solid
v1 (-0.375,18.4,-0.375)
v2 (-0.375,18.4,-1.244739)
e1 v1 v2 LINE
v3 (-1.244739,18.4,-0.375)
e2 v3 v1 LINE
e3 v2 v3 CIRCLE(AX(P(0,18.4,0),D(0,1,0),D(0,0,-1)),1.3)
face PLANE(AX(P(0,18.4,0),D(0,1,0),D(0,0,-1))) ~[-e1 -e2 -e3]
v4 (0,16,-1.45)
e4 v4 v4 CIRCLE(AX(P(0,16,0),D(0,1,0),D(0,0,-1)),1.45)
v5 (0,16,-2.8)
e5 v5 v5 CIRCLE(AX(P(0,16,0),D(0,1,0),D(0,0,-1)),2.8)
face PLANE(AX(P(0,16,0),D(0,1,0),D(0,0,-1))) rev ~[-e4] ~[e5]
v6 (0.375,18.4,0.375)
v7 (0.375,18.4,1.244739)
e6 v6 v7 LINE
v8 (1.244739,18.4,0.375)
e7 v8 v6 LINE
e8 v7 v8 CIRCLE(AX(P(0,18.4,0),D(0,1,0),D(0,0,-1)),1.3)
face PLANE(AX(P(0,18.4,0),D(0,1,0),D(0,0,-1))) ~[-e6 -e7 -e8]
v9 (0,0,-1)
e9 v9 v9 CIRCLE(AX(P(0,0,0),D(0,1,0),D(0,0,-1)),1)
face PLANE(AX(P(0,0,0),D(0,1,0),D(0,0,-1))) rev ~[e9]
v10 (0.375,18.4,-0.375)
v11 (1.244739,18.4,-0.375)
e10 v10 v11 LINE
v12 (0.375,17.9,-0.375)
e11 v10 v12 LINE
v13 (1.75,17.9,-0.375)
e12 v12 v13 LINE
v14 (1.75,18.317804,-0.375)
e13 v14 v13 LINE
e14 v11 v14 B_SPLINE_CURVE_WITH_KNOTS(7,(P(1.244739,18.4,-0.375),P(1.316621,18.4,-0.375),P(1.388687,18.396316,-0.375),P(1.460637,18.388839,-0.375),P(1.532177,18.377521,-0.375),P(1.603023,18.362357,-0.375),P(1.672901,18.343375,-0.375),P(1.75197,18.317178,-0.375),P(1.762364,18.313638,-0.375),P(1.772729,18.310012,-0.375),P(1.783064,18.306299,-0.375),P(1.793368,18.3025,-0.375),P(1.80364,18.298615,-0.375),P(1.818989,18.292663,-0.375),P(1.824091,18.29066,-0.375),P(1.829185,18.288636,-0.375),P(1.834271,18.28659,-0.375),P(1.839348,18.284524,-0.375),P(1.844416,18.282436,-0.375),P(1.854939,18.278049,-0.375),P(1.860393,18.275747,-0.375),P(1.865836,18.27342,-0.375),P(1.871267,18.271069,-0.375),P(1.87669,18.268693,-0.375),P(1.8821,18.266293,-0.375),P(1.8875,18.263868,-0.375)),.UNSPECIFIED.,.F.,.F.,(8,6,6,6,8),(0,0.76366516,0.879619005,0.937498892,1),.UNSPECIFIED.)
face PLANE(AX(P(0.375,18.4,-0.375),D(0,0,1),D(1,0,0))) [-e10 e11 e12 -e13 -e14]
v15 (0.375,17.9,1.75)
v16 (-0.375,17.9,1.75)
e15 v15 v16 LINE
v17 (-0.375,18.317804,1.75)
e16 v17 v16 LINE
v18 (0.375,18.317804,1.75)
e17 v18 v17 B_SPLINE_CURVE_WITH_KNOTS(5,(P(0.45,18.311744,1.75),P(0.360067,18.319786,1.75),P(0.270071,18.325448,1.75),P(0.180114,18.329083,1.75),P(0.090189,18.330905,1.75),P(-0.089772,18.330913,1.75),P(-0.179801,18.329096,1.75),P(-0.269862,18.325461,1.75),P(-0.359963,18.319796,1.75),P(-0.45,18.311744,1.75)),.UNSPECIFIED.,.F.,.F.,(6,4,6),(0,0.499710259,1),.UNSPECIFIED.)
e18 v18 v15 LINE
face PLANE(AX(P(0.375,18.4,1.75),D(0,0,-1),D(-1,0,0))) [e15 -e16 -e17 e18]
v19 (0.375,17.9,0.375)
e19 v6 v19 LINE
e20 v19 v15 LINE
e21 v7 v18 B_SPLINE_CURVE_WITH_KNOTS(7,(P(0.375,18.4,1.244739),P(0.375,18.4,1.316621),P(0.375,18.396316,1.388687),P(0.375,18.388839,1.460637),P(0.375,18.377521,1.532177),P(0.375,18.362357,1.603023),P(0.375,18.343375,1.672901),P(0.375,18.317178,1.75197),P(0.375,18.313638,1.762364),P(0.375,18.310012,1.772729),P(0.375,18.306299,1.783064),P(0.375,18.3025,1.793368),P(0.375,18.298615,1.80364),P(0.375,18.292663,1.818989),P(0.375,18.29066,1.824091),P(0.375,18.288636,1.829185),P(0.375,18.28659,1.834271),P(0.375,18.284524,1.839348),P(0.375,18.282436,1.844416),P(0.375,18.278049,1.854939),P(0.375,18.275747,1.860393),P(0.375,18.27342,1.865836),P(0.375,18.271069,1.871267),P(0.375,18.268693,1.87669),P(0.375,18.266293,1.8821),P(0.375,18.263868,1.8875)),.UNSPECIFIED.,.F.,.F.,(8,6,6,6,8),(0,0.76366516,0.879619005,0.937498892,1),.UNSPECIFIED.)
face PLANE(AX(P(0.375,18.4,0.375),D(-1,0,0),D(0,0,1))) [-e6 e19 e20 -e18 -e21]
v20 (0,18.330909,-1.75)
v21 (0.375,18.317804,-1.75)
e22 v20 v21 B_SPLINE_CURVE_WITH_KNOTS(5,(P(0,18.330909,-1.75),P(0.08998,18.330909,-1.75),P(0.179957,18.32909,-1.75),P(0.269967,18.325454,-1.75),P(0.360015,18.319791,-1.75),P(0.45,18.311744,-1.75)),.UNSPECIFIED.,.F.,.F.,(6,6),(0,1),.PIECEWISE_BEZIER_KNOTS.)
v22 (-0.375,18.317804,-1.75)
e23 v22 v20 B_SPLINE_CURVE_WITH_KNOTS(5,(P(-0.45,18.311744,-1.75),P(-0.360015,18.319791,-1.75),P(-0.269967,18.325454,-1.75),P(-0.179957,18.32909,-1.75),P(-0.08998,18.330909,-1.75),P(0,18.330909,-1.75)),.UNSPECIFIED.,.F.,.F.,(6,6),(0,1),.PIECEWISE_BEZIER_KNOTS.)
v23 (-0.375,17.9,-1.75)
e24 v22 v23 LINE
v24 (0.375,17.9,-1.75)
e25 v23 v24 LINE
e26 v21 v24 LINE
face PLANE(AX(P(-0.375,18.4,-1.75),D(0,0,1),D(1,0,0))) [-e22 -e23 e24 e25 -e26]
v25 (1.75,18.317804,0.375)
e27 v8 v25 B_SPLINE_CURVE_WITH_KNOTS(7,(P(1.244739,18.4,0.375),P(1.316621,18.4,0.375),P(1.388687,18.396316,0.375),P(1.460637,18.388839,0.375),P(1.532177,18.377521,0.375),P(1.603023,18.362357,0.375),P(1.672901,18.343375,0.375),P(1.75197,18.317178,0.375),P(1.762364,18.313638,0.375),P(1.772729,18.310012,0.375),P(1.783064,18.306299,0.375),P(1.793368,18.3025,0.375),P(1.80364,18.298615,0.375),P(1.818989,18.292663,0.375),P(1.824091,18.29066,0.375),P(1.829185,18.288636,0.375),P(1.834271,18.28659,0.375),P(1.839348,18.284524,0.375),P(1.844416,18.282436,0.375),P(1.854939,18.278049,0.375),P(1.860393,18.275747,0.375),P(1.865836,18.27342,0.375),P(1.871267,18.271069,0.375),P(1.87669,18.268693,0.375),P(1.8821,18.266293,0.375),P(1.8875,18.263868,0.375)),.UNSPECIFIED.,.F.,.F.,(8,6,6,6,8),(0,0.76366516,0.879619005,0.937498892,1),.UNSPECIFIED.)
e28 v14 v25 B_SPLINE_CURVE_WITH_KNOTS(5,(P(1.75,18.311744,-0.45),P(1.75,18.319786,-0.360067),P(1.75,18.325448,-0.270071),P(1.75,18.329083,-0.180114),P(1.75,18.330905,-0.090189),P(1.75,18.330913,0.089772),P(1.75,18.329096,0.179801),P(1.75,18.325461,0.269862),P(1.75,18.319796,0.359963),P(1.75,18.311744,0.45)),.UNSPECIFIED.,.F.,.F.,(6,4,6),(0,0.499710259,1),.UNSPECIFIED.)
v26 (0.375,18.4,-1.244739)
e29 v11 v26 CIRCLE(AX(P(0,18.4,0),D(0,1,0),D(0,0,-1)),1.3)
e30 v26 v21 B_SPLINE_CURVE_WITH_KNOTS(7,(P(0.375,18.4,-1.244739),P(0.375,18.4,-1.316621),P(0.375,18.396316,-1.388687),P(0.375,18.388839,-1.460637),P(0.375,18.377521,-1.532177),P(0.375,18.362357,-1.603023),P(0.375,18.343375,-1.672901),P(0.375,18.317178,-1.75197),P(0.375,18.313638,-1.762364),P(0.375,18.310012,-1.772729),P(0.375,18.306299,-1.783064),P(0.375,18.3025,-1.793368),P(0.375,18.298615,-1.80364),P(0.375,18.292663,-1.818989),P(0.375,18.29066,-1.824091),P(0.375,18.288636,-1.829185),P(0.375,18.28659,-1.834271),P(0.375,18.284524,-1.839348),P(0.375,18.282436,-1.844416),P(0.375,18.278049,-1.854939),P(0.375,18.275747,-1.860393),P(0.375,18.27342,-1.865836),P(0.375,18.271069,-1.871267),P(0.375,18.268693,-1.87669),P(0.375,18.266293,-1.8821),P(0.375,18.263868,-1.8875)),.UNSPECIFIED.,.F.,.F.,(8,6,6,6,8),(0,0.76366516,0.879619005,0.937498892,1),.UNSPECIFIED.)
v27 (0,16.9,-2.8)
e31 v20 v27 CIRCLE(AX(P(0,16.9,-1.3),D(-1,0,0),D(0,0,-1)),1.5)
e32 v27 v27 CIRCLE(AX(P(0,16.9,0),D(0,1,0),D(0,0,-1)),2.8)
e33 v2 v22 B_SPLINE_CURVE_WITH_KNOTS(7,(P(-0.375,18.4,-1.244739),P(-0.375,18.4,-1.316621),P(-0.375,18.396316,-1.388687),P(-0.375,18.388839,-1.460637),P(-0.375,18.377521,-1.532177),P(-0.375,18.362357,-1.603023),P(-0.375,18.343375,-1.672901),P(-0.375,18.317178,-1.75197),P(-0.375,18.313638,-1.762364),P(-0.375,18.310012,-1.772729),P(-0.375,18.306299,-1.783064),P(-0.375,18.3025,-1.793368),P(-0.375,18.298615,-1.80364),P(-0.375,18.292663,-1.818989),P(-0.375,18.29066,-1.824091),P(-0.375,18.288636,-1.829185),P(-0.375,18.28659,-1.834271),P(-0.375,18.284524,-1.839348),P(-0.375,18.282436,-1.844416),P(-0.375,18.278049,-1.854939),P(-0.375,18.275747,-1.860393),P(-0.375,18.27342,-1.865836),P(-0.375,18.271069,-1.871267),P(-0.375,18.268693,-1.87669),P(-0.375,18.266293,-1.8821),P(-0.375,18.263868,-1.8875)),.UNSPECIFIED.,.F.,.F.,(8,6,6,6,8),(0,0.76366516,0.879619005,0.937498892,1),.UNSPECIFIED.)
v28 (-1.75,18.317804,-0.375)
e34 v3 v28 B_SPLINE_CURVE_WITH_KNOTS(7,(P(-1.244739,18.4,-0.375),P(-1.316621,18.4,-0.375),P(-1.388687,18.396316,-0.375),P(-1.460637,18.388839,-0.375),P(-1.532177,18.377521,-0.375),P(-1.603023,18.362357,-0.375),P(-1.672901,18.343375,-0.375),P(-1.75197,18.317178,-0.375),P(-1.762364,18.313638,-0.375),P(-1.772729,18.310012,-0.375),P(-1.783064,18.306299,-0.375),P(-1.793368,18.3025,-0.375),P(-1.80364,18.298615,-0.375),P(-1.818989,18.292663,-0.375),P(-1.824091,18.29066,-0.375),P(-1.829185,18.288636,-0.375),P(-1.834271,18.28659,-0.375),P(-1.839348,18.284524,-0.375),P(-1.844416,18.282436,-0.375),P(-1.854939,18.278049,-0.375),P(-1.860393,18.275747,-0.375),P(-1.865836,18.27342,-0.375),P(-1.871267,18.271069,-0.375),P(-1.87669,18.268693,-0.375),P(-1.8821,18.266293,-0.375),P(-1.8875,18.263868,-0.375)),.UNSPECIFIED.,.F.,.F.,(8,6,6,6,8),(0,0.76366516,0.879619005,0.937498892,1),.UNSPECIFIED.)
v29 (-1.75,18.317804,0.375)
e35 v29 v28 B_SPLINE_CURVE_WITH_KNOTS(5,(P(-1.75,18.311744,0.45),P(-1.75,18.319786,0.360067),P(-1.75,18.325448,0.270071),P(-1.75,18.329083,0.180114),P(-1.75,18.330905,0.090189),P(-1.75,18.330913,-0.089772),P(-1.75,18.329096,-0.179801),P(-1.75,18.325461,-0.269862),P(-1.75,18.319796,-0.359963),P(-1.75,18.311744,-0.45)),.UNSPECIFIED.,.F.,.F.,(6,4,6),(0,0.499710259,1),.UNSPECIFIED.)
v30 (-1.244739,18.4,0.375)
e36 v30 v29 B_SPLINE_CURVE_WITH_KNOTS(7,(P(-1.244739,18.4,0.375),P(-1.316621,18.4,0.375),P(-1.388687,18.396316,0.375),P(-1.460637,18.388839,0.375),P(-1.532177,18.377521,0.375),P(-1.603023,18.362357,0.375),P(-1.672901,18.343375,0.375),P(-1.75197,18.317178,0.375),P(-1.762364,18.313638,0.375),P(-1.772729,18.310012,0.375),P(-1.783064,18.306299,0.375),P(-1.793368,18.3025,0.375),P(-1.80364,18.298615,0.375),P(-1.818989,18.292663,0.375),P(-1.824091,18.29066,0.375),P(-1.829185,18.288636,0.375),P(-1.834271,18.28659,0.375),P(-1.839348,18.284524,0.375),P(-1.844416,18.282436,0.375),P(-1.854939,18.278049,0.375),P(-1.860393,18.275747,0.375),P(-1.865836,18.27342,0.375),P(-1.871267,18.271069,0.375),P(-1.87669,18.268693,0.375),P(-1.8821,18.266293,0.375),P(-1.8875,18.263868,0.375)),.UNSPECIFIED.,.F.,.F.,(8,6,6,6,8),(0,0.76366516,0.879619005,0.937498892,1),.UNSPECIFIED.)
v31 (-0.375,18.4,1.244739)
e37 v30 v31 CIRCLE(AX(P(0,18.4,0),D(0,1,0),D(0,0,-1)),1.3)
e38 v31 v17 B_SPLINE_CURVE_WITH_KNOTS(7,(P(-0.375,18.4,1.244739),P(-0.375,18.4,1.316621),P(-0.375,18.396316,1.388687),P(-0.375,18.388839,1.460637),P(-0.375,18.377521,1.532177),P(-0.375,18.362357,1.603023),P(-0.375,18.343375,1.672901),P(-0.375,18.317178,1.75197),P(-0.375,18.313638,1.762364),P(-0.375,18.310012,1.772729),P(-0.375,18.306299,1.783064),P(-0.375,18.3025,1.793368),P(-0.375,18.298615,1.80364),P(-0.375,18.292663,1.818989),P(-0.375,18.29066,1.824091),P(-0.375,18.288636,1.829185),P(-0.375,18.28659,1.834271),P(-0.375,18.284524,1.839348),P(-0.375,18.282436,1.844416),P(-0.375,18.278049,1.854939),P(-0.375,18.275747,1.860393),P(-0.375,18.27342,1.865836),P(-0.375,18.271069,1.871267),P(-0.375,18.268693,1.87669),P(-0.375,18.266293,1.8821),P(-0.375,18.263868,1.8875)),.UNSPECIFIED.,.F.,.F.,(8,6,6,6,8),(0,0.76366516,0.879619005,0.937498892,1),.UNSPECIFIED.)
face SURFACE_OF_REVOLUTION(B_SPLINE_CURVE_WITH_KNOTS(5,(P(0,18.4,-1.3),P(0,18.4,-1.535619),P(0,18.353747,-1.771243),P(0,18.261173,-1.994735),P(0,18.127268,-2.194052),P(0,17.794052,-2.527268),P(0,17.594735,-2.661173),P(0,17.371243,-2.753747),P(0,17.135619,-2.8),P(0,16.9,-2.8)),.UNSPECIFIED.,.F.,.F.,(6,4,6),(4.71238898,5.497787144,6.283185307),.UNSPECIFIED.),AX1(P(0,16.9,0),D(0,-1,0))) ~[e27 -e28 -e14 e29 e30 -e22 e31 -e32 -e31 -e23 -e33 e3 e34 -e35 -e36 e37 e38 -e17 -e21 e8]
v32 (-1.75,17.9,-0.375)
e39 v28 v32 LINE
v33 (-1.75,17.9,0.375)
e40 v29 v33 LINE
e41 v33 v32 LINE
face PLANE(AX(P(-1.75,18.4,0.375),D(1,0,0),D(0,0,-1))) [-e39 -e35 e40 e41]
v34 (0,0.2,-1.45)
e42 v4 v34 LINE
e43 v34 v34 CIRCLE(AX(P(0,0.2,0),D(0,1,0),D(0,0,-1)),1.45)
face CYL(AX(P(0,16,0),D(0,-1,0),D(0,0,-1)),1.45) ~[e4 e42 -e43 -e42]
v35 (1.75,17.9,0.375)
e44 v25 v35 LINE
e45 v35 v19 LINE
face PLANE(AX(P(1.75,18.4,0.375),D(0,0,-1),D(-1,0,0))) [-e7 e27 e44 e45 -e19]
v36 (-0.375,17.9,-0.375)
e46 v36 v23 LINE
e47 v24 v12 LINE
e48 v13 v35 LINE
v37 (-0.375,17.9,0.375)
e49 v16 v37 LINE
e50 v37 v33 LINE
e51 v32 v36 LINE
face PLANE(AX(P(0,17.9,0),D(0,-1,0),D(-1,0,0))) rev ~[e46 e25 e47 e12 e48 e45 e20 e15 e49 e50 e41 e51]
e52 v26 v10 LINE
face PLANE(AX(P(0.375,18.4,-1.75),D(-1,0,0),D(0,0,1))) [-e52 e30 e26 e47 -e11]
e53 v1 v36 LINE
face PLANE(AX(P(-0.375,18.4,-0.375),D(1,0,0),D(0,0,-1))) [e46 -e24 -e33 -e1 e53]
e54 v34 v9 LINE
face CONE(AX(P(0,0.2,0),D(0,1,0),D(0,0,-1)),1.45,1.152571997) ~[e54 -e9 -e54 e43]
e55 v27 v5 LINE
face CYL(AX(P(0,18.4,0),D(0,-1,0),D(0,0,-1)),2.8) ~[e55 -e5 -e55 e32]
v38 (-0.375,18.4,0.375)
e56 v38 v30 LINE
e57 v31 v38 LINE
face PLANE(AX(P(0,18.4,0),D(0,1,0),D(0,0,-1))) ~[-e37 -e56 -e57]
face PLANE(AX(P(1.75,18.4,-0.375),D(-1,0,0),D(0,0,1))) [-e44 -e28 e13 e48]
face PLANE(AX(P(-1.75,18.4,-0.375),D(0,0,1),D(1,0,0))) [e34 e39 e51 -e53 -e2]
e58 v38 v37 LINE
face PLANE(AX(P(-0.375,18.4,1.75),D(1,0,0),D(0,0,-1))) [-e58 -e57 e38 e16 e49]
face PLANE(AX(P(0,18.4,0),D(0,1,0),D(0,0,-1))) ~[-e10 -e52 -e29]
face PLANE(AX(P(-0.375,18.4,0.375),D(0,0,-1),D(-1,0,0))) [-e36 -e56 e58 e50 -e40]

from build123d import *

# Parameters (mm, degrees)
FILLET1_R          = 1.5
CUT_EXTRUDE1_DEPTH = 0.5


with BuildPart() as part:
    # Sketch1 → Revolve1 (revolve)
    with BuildSketch(Plane.XY, mode=Mode.PRIVATE) as revolve1_sk:
        Polygon((0, 18.4), (2.8, 18.4), (2.8, 16), (1.45, 16), (1.45, 0.2), (1, 0), (0, 0), align=None)
    revolve(revolve1_sk.sketch.rotate(Axis((0, 0, 0), (0, 1, 0)), 90), axis=Axis((0, 0, 0), (0, 1, 0)))

    # Fillet1
    fillet1_edges = [part.edges().sort_by_distance(p)[0] for p in [
        (0, 18.4, 2.8),
    ]]
    fillet(fillet1_edges, radius=FILLET1_R)

    # Sketch2 → Cut-Extrude1 (cut)
    with BuildSketch(Plane(origin=(0, 18.4, 0), x_dir=(1, 0, 0), z_dir=(0, 1, 0))):
        Polygon((1.75, 0.375), (1.75, -0.375), (0.375, -0.375), (0.375, -1.75), (-0.375, -1.75), (-0.375, -0.375), (-1.75, -0.375), (-1.75, 0.375), (-0.375, 0.375), (-0.375, 1.75), (0.375, 1.75), (0.375, 0.375), align=None)
    extrude(amount=-CUT_EXTRUDE1_DEPTH, mode=Mode.SUBTRACT)


solid = part.part
